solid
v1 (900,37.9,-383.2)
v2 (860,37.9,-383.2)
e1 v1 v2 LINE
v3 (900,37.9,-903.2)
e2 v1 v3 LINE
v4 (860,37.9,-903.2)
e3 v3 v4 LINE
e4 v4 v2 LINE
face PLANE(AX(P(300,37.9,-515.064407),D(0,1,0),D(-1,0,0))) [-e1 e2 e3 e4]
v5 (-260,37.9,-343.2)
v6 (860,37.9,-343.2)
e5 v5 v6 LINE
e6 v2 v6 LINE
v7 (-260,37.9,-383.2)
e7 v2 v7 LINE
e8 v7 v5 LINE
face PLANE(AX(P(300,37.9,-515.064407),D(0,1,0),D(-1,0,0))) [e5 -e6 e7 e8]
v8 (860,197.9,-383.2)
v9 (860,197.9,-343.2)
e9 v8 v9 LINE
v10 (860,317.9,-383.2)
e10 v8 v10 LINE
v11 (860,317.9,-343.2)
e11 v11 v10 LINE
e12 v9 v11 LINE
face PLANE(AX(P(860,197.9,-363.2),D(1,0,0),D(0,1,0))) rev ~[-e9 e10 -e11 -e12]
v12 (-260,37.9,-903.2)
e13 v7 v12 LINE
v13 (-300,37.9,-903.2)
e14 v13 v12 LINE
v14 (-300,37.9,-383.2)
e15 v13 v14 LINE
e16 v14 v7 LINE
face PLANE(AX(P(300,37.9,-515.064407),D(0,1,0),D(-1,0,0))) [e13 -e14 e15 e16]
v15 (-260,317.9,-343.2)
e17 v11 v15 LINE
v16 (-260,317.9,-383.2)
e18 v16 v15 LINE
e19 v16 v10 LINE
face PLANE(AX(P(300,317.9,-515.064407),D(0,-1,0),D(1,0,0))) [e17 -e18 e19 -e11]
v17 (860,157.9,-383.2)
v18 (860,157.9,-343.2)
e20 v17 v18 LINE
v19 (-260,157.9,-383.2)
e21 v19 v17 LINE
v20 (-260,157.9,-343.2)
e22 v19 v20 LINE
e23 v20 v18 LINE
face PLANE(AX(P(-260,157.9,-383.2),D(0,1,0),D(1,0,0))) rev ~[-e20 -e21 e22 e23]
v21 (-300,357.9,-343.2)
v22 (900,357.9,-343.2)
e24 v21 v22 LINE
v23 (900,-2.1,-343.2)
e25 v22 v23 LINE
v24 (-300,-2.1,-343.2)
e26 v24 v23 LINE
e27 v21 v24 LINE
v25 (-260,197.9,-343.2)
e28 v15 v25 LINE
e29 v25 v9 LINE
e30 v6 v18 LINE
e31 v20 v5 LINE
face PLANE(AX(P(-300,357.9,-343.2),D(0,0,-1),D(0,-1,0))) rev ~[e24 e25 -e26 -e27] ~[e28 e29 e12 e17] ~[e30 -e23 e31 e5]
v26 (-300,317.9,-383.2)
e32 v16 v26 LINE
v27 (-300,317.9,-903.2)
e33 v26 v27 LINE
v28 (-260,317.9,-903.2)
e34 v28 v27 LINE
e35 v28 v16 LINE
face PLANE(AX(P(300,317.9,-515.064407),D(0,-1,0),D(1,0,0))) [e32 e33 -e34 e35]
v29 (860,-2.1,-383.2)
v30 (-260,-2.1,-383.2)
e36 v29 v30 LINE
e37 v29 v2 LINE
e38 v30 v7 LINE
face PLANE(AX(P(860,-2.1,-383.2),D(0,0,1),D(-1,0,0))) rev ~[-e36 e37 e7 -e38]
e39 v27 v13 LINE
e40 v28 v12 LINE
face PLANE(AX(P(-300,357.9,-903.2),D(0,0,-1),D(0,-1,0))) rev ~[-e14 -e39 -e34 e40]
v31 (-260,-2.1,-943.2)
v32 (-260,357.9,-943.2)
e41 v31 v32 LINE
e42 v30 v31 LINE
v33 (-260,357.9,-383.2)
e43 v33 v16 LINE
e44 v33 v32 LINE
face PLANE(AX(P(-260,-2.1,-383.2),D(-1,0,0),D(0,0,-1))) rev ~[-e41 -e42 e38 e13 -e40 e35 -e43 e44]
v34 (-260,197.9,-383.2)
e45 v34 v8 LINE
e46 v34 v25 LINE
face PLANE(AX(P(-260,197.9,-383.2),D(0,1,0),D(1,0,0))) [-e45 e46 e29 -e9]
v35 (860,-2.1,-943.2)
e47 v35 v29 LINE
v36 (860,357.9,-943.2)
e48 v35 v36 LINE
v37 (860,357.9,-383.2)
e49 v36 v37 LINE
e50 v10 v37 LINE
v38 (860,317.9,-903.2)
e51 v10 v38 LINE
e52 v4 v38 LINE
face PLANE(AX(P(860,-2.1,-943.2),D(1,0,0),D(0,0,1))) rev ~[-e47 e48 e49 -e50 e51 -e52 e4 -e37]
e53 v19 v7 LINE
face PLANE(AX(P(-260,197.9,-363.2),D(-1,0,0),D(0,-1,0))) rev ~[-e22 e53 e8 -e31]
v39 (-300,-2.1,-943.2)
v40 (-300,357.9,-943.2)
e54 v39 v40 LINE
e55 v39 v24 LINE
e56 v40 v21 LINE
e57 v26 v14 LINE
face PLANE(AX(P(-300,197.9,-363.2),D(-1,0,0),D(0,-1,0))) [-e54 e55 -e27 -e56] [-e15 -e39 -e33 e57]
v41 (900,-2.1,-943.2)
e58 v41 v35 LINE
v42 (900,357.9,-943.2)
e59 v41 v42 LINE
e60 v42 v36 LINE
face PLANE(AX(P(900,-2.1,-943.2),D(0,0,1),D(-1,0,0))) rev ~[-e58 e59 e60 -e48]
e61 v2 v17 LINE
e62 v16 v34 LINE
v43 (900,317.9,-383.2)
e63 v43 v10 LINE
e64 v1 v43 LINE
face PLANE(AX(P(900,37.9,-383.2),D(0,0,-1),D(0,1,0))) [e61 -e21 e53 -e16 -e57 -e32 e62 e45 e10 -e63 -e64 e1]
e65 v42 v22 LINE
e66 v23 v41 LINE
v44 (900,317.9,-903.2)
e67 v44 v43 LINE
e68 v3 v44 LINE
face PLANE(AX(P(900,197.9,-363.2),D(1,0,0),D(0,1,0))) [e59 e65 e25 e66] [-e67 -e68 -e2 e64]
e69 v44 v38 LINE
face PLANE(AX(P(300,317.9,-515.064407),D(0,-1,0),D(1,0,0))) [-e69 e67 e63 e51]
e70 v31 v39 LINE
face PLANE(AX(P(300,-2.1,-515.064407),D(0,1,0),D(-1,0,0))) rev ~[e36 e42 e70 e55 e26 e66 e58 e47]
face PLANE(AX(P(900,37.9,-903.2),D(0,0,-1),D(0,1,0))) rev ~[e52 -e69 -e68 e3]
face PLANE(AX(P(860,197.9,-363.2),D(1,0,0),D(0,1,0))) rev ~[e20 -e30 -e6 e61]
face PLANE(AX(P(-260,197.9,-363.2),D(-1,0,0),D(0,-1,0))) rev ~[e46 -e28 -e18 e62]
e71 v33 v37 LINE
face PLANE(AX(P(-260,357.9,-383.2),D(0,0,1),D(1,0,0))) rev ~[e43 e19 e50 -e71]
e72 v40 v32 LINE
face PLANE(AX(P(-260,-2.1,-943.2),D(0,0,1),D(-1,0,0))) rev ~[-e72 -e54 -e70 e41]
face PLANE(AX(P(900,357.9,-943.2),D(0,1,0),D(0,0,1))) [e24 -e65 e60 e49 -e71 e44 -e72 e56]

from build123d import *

# Parameters (mm, degrees)
PAD019_DEPTH = 40
SKETCH075_W  = 320
SKETCH075_H  = 40
PAD020_DEPTH = 40
SKETCH076_W  = 320
SKETCH076_H  = 40
PAD021_DEPTH = 40
PAD022_DEPTH = 40
SKETCH078_W  = 1120
SKETCH078_H  = 40
PAD023_DEPTH = 40


with BuildPart() as part:
    # Sketch074 (on Face1 of Binder024) → Pad019 (new body)
    with BuildSketch(Plane.XZ.offset(2.1)):
        Polygon((-300, -343.2), (900, -343.2), (900, -943.2), (860, -943.2), (860, -383.2), (-260, -383.2), (-260, -943.2), (-300, -943.2), align=None)
    extrude(amount=-PAD019_DEPTH)

    # Sketch075 (on Face2 of Pad019) → Pad020 (join)
    with BuildSketch(Plane.YZ.offset(900)):
        with Locations((197.9, -363.2)):
            Rectangle(SKETCH075_W, SKETCH075_H)
        with Locations((197.9, -923.2)):
            Rectangle(SKETCH075_W, SKETCH075_H)
    extrude(amount=-PAD020_DEPTH)

    # Sketch076 (on Face1 of Pad020) → Pad021 (join)
    with BuildSketch(Plane(origin=(-300, 0, 0), x_dir=(0, -1, 0), z_dir=(-1, 0, 0))):
        with Locations((-197.9, -363.2)):
            Rectangle(SKETCH076_W, SKETCH076_H)
        with Locations((-197.9, -923.2)):
            Rectangle(SKETCH076_W, SKETCH076_H)
    extrude(amount=-PAD021_DEPTH)

    # Sketch077 (on Face9 of Pad021) → Pad022 (join)
    with BuildSketch(Plane(origin=(0, 357.9, 0), x_dir=(-1, 0, 0), z_dir=(0, 1, 0))):
        Polygon((-900, -943.2), (-900, -343.2), (300, -343.2), (300, -943.2), (260, -943.2), (260, -383.2), (-860, -383.2), (-860, -943.2), align=None)
    extrude(amount=-PAD022_DEPTH)

    # Sketch078 (on Face2 of Pad022) → Pad023 (join)
    with BuildSketch(Plane(origin=(0, 0, -383.2), x_dir=(1, 0, 0), z_dir=(0, 0, -1))):
        with Locations((300, -177.9)):
            Rectangle(SKETCH078_W, SKETCH078_H)
    extrude(amount=-PAD023_DEPTH)


solid = part.part
